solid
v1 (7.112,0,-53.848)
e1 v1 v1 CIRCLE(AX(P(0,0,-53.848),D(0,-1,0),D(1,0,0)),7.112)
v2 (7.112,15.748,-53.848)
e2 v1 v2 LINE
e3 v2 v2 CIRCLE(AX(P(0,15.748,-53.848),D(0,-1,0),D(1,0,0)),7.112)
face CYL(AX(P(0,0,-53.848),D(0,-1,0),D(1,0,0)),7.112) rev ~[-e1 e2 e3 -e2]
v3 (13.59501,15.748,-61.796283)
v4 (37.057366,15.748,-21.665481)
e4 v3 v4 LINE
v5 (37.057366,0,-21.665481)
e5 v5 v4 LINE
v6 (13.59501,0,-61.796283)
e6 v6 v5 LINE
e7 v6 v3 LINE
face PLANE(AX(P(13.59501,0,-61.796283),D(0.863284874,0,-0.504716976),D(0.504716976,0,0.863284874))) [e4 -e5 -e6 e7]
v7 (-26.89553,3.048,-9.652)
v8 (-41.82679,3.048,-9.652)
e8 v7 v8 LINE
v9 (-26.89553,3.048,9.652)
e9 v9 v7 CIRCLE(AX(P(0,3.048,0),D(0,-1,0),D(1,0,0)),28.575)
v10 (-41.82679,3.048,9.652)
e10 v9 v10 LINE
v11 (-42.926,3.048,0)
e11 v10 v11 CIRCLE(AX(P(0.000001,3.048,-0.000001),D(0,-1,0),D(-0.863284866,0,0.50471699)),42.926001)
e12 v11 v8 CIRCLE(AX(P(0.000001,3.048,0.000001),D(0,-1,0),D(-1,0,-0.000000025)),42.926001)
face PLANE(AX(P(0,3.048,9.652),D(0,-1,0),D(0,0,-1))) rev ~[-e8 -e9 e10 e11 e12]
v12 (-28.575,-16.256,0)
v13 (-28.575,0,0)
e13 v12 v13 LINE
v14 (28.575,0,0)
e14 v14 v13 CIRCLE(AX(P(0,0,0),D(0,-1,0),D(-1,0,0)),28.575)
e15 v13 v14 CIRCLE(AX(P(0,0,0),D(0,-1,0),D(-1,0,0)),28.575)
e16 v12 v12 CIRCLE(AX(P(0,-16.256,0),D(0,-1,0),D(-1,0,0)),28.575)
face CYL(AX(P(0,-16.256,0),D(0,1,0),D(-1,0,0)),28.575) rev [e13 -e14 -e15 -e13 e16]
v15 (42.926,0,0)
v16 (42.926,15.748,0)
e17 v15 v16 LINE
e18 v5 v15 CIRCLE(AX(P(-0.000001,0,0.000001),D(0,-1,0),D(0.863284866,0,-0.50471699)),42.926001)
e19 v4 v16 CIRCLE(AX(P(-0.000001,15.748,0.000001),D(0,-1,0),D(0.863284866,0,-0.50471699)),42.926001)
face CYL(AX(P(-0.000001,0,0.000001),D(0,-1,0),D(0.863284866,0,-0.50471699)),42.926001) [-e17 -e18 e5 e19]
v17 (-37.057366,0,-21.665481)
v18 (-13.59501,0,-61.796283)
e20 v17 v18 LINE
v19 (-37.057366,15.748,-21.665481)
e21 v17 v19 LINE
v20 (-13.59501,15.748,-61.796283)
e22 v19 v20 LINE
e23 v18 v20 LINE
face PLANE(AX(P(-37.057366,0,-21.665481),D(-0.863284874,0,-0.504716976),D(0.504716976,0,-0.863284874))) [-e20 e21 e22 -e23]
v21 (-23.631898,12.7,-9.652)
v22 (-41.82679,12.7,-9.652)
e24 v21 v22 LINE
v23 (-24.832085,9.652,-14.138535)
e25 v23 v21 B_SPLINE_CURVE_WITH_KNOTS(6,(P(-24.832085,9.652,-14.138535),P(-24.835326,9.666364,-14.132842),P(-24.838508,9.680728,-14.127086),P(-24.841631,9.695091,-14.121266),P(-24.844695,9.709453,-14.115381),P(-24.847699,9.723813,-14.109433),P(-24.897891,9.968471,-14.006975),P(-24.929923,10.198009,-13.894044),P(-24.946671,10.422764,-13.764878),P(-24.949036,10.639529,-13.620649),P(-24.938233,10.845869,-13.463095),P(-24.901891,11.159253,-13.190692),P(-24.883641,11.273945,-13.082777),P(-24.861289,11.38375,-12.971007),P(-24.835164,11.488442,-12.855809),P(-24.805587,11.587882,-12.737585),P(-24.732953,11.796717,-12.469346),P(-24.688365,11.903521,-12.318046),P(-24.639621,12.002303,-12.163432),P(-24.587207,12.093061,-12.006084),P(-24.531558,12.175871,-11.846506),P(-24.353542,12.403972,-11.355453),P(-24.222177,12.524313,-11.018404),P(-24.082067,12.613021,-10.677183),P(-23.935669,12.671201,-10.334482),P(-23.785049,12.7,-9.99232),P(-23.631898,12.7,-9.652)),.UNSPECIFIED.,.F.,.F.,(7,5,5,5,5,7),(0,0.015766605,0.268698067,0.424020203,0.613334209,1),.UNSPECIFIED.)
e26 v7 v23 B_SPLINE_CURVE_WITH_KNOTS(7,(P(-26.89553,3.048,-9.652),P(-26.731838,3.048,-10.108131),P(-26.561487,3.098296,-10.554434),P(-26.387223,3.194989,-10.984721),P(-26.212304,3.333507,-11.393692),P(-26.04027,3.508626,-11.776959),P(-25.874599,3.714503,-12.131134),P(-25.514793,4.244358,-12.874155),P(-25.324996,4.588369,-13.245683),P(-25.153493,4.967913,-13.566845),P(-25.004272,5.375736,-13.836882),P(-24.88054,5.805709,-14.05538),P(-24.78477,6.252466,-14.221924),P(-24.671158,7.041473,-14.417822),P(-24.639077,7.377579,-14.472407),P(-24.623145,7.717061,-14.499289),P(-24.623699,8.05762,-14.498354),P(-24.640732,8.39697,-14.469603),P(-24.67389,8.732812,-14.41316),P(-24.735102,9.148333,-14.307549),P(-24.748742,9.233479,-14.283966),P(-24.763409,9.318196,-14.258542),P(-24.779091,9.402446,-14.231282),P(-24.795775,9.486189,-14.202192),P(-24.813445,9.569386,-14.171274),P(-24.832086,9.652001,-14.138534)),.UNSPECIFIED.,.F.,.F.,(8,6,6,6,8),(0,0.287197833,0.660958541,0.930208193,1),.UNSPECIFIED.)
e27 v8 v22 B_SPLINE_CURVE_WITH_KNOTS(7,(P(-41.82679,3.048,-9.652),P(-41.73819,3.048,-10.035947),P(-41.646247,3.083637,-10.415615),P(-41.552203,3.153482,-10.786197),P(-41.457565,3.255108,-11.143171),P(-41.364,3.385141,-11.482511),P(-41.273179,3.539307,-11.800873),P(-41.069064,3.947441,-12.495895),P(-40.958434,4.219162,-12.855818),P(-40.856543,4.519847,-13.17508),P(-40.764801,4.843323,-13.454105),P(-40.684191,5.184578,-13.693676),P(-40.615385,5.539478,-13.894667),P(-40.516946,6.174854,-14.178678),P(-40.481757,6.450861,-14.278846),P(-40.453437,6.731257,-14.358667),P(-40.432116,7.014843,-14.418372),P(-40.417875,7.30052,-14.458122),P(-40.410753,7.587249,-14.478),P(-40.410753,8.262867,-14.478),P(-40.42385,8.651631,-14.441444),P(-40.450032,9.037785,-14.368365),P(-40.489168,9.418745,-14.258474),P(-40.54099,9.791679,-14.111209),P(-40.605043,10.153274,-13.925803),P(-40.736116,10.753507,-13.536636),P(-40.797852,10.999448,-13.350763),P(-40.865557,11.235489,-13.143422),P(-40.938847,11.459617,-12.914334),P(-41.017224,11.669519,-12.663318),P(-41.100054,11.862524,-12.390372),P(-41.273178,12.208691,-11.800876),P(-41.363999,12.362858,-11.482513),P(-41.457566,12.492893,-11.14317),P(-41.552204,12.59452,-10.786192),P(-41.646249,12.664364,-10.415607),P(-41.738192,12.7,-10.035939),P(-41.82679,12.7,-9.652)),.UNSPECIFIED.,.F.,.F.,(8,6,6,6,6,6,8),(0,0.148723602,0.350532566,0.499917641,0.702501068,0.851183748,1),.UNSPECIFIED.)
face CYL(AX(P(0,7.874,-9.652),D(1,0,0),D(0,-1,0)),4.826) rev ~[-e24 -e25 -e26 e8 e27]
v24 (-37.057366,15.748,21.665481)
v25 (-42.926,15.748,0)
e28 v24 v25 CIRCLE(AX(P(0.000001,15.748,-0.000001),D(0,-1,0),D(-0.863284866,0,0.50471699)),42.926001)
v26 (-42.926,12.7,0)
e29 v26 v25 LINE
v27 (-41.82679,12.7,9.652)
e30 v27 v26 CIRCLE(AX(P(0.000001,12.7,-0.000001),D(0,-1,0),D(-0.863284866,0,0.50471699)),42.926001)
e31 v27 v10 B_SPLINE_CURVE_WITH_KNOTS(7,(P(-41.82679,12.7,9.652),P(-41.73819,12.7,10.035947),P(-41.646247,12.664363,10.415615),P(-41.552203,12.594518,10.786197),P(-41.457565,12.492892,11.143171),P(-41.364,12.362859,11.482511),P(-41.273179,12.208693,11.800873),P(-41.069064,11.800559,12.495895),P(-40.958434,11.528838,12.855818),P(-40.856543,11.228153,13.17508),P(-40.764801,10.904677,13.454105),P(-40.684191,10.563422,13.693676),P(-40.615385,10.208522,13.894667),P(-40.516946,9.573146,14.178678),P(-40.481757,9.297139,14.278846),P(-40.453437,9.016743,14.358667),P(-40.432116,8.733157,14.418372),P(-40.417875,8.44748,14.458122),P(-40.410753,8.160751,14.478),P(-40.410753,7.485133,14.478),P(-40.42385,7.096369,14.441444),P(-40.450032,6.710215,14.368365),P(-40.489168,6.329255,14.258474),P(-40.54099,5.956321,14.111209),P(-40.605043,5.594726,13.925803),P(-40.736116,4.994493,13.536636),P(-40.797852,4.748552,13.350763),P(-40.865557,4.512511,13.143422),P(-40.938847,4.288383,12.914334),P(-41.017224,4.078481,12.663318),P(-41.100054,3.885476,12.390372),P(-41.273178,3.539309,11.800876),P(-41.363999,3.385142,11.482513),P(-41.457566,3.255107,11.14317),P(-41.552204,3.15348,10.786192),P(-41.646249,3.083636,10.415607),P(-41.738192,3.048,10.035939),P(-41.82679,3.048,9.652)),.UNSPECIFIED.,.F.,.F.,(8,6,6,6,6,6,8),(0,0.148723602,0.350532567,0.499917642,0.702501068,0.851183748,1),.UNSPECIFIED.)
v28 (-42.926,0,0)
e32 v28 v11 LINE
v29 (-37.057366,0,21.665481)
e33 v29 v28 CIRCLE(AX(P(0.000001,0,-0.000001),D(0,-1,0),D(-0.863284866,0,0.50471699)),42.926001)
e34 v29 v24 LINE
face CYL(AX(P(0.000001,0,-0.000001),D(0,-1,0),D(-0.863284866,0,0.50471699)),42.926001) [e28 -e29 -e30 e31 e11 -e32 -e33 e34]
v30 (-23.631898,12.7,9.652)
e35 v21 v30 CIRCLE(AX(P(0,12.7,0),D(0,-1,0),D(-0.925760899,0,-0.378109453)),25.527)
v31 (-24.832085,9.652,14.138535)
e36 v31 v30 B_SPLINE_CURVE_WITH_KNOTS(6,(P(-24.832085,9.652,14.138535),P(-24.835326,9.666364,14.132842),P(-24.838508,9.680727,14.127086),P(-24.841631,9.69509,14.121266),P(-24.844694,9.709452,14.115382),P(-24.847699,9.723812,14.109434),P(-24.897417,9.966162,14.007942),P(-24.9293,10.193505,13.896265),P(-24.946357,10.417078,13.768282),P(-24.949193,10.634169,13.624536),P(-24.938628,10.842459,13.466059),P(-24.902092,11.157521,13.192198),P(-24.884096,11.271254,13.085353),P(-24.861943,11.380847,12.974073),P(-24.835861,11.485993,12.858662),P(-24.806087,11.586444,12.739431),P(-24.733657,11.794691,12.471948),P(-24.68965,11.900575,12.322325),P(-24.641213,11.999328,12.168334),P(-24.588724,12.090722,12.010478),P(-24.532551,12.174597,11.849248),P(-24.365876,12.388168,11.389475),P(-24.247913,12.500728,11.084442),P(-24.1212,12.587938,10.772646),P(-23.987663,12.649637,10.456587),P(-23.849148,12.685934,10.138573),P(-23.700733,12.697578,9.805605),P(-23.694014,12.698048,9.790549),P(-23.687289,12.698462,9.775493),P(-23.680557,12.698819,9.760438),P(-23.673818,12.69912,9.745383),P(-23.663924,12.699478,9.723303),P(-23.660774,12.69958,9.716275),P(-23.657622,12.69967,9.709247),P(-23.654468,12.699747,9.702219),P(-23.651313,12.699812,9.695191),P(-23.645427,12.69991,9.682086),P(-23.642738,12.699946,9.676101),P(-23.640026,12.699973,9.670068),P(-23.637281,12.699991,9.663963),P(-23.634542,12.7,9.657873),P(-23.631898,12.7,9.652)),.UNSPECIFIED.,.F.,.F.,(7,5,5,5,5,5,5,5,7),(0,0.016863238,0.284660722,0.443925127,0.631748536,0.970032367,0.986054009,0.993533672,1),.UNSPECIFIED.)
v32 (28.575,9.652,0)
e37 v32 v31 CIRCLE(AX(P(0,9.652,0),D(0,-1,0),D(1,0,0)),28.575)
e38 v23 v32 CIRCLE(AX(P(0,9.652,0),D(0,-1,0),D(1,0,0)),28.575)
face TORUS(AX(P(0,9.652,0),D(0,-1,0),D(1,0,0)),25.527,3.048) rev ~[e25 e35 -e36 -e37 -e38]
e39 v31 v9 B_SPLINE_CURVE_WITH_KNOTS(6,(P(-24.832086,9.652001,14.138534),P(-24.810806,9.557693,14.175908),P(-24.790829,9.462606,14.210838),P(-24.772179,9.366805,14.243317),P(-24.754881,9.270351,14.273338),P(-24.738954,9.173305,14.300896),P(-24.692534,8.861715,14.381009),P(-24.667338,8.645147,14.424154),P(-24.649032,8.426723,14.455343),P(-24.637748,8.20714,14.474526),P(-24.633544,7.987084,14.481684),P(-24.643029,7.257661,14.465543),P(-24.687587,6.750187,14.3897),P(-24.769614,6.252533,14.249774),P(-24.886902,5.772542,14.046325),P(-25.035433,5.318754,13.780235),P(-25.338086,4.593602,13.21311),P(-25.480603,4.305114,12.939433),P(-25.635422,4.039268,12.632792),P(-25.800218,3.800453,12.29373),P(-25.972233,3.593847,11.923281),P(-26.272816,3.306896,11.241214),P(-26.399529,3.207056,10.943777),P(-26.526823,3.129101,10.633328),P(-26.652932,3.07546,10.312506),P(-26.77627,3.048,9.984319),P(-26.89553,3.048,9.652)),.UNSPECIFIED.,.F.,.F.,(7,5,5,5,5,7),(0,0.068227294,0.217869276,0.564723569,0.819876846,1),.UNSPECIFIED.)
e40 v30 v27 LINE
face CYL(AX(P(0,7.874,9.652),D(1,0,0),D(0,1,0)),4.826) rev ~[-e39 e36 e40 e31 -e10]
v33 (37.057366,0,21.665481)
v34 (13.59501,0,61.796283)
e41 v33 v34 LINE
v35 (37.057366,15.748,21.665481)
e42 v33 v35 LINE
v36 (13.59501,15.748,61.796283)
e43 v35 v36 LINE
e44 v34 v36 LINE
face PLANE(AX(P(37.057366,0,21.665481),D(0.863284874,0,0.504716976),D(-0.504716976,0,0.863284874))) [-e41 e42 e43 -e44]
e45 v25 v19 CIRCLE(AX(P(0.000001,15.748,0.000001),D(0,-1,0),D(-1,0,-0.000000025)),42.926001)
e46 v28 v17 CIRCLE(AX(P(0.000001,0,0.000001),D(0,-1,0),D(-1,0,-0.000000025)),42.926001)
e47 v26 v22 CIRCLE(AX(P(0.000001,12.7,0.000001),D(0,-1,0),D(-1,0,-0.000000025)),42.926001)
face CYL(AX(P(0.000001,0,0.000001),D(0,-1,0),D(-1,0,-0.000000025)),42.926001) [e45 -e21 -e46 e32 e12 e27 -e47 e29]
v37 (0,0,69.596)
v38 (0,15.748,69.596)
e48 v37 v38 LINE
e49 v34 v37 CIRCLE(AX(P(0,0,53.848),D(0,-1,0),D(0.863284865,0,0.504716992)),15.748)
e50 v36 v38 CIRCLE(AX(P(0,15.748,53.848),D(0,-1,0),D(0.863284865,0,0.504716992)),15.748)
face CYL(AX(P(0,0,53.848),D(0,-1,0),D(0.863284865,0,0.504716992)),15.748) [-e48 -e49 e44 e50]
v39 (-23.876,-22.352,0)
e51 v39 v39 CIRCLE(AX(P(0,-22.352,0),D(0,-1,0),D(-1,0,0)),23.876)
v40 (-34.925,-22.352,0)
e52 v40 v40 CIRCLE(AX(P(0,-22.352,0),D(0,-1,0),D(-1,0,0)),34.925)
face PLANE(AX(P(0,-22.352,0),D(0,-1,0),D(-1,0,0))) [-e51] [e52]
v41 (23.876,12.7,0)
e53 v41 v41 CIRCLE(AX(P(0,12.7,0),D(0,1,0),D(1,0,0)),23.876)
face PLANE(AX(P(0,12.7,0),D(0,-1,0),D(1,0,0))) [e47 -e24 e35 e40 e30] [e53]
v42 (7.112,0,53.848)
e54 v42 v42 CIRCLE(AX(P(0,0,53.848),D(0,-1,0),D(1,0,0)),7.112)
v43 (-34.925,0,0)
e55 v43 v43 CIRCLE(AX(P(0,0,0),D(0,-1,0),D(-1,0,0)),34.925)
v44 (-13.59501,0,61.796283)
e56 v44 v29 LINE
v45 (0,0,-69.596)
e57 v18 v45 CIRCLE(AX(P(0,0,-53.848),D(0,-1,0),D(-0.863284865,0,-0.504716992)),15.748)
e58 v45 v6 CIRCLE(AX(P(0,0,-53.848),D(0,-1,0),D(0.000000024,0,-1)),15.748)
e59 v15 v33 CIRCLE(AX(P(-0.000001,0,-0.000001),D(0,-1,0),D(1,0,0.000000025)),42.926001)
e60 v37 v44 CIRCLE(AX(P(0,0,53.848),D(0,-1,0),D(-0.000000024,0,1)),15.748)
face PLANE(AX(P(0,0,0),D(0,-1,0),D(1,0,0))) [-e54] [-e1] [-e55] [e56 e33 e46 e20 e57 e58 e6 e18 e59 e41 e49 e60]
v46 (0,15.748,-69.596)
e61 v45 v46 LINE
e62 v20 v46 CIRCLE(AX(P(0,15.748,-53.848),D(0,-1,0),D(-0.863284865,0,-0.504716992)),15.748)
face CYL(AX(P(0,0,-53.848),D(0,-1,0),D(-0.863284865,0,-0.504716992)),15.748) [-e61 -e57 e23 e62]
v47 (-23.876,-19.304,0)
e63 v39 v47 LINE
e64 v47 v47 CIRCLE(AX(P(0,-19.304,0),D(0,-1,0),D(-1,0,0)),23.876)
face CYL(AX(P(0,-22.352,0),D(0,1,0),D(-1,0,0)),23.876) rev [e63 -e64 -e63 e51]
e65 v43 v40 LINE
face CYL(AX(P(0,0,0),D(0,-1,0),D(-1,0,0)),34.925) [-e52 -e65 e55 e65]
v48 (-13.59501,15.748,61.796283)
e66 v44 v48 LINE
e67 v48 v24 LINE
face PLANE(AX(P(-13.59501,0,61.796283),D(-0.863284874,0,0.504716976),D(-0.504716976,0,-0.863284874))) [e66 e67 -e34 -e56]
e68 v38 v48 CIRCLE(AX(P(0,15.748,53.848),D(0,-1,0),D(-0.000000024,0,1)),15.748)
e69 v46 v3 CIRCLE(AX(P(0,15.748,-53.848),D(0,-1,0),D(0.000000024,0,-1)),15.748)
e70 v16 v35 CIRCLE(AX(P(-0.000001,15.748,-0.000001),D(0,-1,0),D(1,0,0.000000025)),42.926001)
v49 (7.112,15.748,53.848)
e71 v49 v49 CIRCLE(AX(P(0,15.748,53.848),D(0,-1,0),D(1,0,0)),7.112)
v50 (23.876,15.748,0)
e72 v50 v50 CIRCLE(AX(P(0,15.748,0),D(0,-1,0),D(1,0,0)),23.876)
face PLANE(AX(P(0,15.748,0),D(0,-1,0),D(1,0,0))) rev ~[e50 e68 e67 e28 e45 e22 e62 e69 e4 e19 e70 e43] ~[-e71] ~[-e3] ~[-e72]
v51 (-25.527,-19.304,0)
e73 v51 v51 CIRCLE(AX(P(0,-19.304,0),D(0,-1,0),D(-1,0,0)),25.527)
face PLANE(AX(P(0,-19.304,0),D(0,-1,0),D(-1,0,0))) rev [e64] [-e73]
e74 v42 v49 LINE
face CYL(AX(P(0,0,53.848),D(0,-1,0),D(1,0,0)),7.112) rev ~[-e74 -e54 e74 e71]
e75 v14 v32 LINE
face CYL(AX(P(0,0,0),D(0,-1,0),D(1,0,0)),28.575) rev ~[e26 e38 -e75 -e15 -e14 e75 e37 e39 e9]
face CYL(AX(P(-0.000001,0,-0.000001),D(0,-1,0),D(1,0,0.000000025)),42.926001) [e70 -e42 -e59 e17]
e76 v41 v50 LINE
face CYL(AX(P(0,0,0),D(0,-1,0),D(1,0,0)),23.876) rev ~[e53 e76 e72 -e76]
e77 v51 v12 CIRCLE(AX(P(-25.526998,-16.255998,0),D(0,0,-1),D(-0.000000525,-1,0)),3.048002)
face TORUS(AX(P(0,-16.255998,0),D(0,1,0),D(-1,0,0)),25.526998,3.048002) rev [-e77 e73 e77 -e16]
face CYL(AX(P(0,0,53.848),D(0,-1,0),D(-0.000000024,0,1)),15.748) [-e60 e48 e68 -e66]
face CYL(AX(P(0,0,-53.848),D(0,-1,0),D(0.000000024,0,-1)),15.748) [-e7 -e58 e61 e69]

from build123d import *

# Parameters (mm, degrees)
F0_R     = 7.112
F0_R_2   = 23.876
F1_DEPTH = 15.748
F4_R     = 28.575
F5_DEPTH = 12.7
F6_R     = 3.048
F8_DEPTH = 42.927


with BuildPart() as f1:
    # F0 (on Front) → F1 (new body)
    with BuildSketch(Plane.XZ):
        with BuildLine():
            Line((-13.59501, 61.796283), (-37.057366, 21.665481))
            ThreePointArc((-37.057366, 21.665481), (-41.432873, 11.223123), (-42.926, 0))
            ThreePointArc((-42.926, 0), (-41.432873, -11.223123), (-37.057366, -21.665481))
            Line((-37.057366, -21.665481), (-13.59501, -61.796283))
            ThreePointArc((-13.59501, -61.796283), (-7.83677, -67.507595), (0, -69.596))
            ThreePointArc((0, -69.596), (7.83677, -67.507595), (13.59501, -61.796283))
            Line((13.59501, -61.796283), (37.057366, -21.665481))
            ThreePointArc((37.057366, -21.665481), (41.432873, -11.223123), (42.926, 0))
            ThreePointArc((42.926, 0), (41.432873, 11.223123), (37.057366, 21.665481))
            Line((37.057366, 21.665481), (13.59501, 61.796283))
            ThreePointArc((13.59501, 61.796283), (7.83677, 67.507595), (0, 69.596))
            ThreePointArc((0, 69.596), (-7.83677, 67.507595), (-13.59501, 61.796283))
        make_face()
        with Locations((0, -53.848)):
            Circle(F0_R, mode=Mode.SUBTRACT)
        Circle(F0_R_2, mode=Mode.SUBTRACT)
        with Locations((0, 53.848)):
            Circle(F0_R, mode=Mode.SUBTRACT)
    extrude(amount=-F1_DEPTH)

    # F2 (on Top) → F3 (revolve)
    with BuildSketch(Plane.XY):
        with BuildLine():
            Line((-28.575, 0), (-34.925, 0))
            Line((-34.925, 0), (-34.925, -22.352))
            Line((-34.925, -22.352), (-23.876, -22.352))
            Line((-23.876, -22.352), (-23.876, -19.304))
            Line((-23.876, -19.304), (-25.527, -19.304))
            ThreePointArc((-25.527, -19.304), (-27.682261, -18.411261), (-28.575, -16.256))
            Line((-28.575, -16.256), (-28.575, 0))
        make_face()
    revolve(axis=Axis((0, -12.095788, 0), (0, -1, 0)))

    # F4 (on face) → F5 (cut)
    with BuildSketch(Plane.XZ):
        Circle(F4_R)
    extrude(amount=-F5_DEPTH, mode=Mode.SUBTRACT)

    # F6
    f6_edges = [f1.edges().sort_by_distance(p)[0] for p in [
        (-28.575, 12.7, 0),
    ]]
    fillet(f6_edges, radius=F6_R)

    # F7 (on Right) → F8 (cut, through all)
    with BuildSketch(Plane.YZ):
        with BuildLine():
            Line((3.048, 9.652), (3.048, 0))
            Line((3.048, 0), (3.048, -9.652))
            ThreePointArc((3.048, -9.652), (7.874, -14.478), (12.7, -9.652))
            Line((12.7, -9.652), (12.7, 0))
            Line((12.7, 0), (12.7, 9.652))
            ThreePointArc((12.7, 9.652), (7.874, 14.478), (3.048, 9.652))
        make_face()
    extrude(amount=-F8_DEPTH, mode=Mode.SUBTRACT)


solid = f1.part
